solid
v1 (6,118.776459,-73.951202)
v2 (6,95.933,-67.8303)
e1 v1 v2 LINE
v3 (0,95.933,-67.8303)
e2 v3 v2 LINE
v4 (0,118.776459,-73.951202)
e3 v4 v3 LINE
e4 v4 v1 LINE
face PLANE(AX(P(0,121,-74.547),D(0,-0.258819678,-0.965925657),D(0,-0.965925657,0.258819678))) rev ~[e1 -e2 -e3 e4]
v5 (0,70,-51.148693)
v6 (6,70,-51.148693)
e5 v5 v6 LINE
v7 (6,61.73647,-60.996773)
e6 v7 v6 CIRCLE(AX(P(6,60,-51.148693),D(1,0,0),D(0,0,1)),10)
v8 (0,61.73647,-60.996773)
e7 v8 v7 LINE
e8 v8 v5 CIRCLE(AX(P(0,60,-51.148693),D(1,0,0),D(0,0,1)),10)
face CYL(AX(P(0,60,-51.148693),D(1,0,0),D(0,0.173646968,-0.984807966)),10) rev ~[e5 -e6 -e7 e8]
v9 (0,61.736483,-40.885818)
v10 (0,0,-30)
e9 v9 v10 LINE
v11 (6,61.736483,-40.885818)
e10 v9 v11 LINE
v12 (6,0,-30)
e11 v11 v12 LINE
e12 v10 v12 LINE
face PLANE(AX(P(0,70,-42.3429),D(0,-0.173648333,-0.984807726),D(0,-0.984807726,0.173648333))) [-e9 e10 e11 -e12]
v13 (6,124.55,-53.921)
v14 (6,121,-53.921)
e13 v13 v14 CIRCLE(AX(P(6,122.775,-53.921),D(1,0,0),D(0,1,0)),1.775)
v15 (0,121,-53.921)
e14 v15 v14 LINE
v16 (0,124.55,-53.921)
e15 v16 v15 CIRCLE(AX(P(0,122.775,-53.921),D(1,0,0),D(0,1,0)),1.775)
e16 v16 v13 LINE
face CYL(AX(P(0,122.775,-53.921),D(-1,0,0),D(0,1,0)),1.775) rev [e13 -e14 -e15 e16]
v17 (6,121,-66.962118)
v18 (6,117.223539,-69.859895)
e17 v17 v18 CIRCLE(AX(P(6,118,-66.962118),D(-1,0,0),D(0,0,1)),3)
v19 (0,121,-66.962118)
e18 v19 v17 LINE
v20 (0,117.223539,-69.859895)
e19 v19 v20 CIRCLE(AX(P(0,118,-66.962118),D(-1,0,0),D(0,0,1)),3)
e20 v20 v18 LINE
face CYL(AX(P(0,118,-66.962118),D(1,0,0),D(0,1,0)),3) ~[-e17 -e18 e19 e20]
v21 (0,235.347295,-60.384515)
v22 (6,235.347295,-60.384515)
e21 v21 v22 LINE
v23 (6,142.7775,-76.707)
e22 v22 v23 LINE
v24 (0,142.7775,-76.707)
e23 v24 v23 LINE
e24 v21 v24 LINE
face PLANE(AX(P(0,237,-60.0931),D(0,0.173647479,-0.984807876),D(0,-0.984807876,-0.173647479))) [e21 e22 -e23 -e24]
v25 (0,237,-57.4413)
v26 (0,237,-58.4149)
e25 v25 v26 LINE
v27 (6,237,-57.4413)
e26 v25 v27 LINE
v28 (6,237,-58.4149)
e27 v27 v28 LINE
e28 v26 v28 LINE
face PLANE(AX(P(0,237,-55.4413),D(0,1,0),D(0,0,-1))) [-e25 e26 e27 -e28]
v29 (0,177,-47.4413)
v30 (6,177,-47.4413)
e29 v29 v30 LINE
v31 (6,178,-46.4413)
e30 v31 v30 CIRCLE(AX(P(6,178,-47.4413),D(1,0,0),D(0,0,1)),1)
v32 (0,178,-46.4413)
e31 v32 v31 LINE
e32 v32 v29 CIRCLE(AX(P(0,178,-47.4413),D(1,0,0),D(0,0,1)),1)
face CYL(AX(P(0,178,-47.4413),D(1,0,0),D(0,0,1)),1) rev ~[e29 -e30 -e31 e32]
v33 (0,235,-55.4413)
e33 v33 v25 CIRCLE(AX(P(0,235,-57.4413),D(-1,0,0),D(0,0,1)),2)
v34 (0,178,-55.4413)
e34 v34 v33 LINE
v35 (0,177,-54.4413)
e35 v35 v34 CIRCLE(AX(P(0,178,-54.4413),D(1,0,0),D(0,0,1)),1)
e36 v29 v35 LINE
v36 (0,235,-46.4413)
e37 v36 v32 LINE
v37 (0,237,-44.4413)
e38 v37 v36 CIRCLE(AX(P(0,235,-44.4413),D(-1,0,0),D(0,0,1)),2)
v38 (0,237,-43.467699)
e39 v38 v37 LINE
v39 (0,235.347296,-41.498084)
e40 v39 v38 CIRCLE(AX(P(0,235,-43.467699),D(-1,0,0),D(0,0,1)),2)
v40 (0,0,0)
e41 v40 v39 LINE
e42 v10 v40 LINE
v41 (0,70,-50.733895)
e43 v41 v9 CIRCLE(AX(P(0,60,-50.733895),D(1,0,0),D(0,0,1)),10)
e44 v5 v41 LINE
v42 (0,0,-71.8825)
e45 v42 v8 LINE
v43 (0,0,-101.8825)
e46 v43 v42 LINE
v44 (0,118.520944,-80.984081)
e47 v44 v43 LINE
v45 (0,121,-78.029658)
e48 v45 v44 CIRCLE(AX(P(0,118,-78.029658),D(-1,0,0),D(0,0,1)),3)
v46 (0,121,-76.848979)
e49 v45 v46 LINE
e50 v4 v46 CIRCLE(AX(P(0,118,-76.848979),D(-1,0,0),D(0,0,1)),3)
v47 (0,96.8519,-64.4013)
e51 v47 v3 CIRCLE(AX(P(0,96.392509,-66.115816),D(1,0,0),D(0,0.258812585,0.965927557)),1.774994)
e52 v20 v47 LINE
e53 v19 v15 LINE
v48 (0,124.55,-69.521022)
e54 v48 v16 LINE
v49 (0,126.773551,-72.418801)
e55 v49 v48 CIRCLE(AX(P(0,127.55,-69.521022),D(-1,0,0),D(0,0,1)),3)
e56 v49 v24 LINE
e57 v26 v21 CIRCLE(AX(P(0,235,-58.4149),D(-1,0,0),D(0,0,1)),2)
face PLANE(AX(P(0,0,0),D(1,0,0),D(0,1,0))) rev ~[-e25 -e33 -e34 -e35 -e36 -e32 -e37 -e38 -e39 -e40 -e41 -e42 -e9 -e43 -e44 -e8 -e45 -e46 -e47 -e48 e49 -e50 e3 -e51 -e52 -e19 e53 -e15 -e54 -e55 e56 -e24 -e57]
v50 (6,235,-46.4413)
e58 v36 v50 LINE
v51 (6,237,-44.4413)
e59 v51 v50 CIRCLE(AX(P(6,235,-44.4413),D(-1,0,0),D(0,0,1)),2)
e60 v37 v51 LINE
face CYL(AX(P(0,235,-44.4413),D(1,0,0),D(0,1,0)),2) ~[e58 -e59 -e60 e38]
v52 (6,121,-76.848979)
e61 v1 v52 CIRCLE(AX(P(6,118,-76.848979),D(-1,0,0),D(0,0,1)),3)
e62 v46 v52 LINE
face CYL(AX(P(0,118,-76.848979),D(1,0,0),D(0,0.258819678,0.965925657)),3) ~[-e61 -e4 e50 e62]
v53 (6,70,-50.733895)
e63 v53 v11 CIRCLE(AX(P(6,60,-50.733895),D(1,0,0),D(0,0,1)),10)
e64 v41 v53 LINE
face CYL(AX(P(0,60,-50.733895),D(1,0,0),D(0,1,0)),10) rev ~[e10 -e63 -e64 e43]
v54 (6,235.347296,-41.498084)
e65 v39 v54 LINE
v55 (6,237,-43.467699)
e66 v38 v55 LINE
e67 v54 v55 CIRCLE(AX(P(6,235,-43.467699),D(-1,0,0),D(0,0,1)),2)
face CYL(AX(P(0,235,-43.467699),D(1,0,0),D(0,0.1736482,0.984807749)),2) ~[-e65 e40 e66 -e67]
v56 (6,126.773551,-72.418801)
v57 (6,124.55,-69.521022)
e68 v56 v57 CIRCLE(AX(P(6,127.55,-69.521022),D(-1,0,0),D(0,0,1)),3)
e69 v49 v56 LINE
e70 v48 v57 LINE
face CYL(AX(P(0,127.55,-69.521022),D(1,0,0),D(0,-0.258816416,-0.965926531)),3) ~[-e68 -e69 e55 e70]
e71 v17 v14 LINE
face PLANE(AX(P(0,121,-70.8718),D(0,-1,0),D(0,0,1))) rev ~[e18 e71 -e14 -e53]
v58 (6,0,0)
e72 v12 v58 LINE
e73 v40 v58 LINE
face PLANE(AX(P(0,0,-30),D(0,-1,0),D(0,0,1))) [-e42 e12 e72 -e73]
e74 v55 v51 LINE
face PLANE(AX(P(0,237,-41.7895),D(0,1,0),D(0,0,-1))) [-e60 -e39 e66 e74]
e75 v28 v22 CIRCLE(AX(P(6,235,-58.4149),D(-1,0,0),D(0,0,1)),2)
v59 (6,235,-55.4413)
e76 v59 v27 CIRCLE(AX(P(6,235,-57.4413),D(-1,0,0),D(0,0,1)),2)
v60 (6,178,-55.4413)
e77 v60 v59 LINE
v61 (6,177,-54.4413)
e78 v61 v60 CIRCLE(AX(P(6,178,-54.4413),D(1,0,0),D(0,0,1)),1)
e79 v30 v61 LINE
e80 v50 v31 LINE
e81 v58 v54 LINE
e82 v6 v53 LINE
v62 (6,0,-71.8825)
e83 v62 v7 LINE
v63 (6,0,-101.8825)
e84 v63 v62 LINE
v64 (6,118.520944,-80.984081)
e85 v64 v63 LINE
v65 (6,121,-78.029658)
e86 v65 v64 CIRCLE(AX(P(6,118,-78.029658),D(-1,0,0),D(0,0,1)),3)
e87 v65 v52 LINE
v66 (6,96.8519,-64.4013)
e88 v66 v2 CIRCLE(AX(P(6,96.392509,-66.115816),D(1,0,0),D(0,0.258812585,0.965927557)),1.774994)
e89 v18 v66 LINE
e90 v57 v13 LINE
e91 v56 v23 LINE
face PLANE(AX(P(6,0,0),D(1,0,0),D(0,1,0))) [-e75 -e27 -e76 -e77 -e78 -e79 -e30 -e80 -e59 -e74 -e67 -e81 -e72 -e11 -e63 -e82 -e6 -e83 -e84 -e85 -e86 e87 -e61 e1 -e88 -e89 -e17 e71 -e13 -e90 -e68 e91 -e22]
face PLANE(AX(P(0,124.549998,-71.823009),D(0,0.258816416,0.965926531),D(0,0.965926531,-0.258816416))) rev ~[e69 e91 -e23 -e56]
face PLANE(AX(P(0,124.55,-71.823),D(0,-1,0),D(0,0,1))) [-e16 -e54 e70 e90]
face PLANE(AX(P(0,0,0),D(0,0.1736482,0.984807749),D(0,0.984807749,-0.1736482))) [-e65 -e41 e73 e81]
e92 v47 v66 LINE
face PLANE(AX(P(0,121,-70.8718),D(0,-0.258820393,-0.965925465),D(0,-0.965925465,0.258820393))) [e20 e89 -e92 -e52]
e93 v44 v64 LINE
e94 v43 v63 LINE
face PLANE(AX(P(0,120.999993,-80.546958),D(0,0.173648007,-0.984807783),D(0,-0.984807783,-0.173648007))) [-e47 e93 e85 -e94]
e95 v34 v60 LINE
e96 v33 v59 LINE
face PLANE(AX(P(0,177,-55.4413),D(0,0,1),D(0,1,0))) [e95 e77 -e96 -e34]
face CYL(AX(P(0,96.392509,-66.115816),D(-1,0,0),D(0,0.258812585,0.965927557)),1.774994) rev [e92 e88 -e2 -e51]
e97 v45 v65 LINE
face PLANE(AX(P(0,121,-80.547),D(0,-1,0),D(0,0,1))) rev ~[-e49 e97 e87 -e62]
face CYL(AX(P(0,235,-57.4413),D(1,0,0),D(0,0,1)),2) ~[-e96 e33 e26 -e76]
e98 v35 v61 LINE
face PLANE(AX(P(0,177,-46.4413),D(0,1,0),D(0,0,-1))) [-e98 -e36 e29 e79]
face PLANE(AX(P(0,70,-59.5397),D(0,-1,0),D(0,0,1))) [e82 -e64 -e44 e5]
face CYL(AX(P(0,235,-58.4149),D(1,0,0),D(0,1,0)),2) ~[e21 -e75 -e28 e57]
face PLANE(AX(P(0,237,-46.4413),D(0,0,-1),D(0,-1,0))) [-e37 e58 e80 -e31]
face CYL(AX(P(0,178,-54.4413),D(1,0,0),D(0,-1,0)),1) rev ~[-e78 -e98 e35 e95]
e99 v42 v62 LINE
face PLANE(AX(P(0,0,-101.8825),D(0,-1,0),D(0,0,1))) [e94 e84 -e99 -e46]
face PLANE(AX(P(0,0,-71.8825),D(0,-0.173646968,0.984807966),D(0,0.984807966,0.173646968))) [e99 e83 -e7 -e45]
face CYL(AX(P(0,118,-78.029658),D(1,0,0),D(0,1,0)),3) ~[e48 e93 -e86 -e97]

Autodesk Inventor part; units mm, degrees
ref_plane "YZ Plane" through (0, 0, 0) normal (1, 0, 0) x (0, 1, 0)
ref_plane "XZ Plane" through (0, 0, 0) normal (0, 1, 0) x (-1, 0, 0)
ref_plane "XY Plane" through (0, 0, 0) normal (0, 0, 1) x (1, 0, 0)
sketch "Sketch1" plane through (0, 0, 0) normal (1, 0, 0) x (0, 1, 0)
  line L0 (0, 0) -> (237, -41.7895)
  line L1 (237, -41.7895) -> (237, -46.4413)
  line L2 (237, -60.0931) -> (142.7775, -76.707)
  line L3 (0, -101.8825) -> (0, -71.8825)
  line L4 (0, -71.8825) -> (70, -59.5397)
  line L5 (70, -59.5397) -> (70, -42.3429)
  line L6 (70, -42.3429) -> (0, -30)
  line L7 (0, -30) -> (0, 0)
  line L8 (177, -50.9413) -> (70, -50.9413) construction
  line L9 (237, -46.4413) -> (177, -46.4413)
  line L10 (177, -46.4413) -> (177, -55.4413)
  line L11 (177, -55.4413) -> (237, -55.4413)
  line L12 (237, -55.4413) -> (237, -46.4413) construction
  line L13 (237, -46.4413) -> (237, -55.4413) construction
  line L14 (237, -55.4413) -> (237, -60.0931)
  line L15 (-47.4, 0) -> (284.4, 0) construction
  line L16 (124.55, -79.921) -> (124.55, -71.823)
  line L17 (121, -80.547) -> (121, -70.8718)
  arc A0 (124.55, -53.921) -> (121, -53.921) centre (122.775, -53.921) ccw
  line L18 (122.775, -53.921) -> (122.775, -21.6485) construction
  line L19 (121, -70.8718) -> (96.8519, -64.4013)
  line L20 (121, -74.547) -> (95.933, -67.8303)
  arc A1 (96.8519, -64.4013) -> (95.933, -67.8303) centre (96.3925, -66.1158) ccw
  line L21 (121, -70.8718) -> (142.7775, -76.707)
  line L22 (142.7775, -76.707) -> (0, -101.8825)
  line L23 (124.55, -71.823) -> (124.55, -53.921)
  line L24 (121, -70.8718) -> (121, -53.921)
  dimension "d2" = 9
  dimension "d3" = 60
  dimension "d4" = 177
  dimension "d5" = 30
  dimension "d7" = 10
  dimension "d9" = 15
  dimension "d10" = 101.8825
  dimension "d11" = 237
  dimension "d17" = 3.55
  dimension "d20" = 51
  dimension "d22" = 25
  dimension "d23" = 6
  dimension "d24" = 15
  dimension "d25" = 26
  dimension "d26" = 70
extrude "Extrusion1" add sketch "Sketch1" along normal blind 6 contours L0 L1 L9 L10 L11 L14 L2 L21 L23 A0 L24 L19 A1 L20 L17 L22 L3 L4 L5 L6 L7
fillet "Fillet1" radius 10 2 edges at (3, 70, -59.5397) (3, 70, -42.3429)
fillet "Fillet1" radius 1 2 edges at (3, 177, -55.4413) (3, 177, -46.4413)
fillet "Fillet1" radius 3 4 edges at (3, 124.55, -71.823) (3, 121, -70.8718) (3, 121, -74.547) (3, 121, -80.547)
fillet "Fillet1" radius 2 4 edges at (3, 237, -60.0931) (3, 237, -55.4413) (3, 237, -46.4413) (3, 237, -41.7895)
equation "\"d17\" = d + u"
equation "\"d15\" = d23"
equation "\"d\" = 3.5"
equation "\"u\" = 0.05"
properties part number "stand_insTop"
